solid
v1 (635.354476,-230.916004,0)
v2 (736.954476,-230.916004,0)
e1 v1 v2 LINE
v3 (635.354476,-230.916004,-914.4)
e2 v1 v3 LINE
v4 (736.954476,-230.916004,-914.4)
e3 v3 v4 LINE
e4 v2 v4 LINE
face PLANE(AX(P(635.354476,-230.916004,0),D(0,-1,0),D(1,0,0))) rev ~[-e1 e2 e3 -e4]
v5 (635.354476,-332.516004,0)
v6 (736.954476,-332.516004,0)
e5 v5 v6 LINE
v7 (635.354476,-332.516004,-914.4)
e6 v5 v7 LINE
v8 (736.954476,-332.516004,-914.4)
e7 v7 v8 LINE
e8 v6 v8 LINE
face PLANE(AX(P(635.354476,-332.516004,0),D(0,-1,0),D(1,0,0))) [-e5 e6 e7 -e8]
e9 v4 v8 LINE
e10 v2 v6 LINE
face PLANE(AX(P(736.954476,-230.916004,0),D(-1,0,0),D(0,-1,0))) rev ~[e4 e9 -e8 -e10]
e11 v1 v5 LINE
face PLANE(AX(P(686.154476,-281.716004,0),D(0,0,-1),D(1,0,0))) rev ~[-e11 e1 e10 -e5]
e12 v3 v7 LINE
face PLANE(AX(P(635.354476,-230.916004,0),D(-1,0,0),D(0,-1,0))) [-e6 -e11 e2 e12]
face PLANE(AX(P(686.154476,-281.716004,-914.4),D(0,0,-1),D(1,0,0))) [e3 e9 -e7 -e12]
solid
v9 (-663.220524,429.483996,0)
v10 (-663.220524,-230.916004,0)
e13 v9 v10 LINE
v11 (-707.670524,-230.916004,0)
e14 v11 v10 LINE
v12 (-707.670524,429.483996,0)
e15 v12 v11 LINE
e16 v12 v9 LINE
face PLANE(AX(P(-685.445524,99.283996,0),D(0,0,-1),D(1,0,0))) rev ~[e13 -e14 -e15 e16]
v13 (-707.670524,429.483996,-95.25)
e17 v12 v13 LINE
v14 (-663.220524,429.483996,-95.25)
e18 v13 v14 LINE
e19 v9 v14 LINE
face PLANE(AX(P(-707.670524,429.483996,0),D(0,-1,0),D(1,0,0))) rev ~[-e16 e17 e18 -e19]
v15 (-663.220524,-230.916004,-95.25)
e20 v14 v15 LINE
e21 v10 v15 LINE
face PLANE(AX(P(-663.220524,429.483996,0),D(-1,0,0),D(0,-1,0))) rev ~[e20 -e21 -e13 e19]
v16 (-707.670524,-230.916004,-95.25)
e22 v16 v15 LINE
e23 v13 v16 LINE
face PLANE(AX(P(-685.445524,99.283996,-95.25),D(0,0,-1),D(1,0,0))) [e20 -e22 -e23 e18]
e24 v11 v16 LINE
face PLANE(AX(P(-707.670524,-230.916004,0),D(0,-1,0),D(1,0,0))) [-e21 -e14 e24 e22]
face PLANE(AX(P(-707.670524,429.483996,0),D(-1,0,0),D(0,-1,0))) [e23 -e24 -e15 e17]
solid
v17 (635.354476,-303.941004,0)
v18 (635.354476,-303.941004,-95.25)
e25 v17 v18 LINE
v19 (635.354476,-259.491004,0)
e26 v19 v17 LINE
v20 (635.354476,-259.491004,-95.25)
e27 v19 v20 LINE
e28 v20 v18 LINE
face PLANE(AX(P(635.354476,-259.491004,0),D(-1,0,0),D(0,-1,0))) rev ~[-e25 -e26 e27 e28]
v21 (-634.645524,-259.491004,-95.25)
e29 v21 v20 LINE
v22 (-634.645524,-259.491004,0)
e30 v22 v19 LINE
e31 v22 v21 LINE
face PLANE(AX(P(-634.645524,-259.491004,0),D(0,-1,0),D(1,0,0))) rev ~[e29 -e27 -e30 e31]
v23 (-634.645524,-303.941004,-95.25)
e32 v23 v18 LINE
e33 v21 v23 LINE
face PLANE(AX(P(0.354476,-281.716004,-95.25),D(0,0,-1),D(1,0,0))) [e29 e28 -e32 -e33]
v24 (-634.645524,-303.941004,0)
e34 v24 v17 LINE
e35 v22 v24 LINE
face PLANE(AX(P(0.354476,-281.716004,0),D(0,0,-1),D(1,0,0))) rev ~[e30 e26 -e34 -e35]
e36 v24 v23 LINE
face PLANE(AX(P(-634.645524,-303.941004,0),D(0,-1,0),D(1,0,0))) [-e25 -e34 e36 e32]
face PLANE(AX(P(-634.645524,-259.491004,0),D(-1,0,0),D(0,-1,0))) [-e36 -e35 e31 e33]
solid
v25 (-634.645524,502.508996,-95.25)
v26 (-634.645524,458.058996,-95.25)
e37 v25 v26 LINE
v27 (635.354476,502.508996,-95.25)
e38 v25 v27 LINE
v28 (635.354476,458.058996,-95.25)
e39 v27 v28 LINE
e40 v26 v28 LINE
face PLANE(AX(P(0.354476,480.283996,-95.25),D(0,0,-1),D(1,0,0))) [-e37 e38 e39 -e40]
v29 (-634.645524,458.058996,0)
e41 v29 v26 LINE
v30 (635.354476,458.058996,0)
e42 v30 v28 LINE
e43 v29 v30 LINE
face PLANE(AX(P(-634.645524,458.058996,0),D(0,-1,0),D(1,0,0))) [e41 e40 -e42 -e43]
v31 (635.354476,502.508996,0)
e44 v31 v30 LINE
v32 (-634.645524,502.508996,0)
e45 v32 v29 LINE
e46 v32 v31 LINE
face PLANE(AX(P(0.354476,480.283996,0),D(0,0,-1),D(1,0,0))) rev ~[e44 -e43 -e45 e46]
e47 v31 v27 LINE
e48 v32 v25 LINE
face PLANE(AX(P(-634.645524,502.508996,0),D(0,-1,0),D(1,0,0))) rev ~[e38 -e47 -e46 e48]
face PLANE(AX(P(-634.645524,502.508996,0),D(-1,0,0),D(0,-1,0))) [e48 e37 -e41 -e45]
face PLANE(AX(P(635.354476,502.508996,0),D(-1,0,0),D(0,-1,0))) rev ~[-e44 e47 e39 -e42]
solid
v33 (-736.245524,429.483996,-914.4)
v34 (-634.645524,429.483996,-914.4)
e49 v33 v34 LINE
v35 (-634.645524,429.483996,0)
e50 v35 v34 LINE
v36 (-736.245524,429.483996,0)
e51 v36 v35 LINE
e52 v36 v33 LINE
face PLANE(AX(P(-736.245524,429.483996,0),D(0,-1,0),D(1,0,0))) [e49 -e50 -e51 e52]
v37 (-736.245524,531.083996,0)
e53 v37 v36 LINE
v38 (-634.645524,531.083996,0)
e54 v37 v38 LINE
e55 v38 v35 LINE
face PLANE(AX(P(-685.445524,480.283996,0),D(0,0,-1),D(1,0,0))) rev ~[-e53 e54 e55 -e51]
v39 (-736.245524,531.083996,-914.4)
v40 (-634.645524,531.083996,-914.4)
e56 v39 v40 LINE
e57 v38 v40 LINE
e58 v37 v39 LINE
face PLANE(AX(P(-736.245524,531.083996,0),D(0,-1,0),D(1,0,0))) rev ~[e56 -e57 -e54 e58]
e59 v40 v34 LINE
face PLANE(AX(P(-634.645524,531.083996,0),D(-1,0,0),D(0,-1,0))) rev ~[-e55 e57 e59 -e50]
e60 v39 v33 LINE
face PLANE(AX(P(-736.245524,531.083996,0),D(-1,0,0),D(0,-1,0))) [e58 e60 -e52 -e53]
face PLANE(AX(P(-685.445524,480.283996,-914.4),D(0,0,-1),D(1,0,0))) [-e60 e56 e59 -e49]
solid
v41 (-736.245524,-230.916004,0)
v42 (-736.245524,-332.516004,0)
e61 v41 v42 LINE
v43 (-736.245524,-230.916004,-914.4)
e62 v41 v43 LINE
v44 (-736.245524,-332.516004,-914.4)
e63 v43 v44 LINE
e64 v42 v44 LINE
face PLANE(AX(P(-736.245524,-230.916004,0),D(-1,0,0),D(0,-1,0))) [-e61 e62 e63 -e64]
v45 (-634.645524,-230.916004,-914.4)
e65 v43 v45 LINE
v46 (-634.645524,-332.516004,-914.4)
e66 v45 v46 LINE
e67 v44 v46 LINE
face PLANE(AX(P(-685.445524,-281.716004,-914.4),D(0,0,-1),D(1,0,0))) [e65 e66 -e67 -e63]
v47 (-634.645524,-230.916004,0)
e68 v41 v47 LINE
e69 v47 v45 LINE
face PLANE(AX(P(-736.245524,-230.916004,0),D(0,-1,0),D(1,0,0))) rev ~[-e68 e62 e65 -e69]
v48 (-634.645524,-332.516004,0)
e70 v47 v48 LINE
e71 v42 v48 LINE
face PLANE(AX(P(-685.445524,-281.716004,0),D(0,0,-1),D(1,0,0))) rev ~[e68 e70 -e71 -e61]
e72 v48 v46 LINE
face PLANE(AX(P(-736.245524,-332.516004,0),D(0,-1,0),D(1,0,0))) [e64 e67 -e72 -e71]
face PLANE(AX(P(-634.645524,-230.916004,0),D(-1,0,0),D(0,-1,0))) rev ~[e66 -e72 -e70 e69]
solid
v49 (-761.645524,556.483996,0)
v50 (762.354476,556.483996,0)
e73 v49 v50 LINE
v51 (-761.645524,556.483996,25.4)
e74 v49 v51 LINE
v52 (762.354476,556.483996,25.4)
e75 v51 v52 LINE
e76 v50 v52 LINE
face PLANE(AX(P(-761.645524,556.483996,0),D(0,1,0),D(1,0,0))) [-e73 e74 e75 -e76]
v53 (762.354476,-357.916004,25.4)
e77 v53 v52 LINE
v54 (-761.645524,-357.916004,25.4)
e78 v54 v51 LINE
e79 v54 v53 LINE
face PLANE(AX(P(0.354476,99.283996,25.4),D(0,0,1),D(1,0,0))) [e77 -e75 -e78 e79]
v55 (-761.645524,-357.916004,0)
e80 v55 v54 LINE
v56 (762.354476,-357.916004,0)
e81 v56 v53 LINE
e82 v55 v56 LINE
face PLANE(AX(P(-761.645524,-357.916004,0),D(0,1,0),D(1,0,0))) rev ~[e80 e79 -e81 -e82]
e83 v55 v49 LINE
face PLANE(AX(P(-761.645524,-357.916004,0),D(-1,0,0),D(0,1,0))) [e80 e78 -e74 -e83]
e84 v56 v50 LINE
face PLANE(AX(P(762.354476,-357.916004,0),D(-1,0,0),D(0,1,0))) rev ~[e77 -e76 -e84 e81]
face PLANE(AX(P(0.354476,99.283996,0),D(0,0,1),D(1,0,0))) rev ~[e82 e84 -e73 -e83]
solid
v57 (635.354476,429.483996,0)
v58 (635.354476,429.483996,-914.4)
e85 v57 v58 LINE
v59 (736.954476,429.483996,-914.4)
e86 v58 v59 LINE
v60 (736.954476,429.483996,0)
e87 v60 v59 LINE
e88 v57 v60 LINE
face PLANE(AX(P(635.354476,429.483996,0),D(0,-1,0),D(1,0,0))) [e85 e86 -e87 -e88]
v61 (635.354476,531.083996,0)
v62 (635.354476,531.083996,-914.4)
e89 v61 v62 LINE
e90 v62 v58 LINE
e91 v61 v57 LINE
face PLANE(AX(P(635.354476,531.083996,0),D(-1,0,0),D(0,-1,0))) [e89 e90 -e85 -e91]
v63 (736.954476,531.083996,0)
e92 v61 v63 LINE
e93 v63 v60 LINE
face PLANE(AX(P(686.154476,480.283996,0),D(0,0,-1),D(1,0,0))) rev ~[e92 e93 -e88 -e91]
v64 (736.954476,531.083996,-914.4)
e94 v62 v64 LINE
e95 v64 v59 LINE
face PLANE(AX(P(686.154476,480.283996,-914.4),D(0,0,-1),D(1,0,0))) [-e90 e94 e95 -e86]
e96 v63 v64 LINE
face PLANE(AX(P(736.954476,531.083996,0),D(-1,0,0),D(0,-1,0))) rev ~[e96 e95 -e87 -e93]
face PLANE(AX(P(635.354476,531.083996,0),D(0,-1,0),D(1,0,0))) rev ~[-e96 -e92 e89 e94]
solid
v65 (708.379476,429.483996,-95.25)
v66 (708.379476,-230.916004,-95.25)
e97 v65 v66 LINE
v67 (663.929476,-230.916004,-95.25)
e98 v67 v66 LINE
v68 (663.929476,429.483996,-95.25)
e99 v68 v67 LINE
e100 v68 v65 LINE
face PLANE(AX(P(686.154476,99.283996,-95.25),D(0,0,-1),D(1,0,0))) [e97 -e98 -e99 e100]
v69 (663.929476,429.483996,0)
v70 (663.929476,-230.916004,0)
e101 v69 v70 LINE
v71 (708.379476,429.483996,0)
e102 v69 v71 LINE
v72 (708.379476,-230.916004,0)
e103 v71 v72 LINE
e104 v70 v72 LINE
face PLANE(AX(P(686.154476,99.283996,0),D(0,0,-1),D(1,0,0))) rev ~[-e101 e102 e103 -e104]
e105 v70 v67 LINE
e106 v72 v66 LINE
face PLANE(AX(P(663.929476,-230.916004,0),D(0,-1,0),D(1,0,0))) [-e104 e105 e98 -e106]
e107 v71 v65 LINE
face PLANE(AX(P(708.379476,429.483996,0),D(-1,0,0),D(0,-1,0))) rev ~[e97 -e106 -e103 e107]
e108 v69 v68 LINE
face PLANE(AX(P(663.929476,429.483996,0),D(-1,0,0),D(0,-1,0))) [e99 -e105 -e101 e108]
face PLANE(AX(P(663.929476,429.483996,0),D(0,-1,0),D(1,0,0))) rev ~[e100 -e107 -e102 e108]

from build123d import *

# Parameters (mm, degrees)
F0_W     = 1524
F0_H     = 914.4
F1_DEPTH = 25.4
F2_W     = 101.6
F2_H     = 101.6
F3_DEPTH = 914.4
F4_W     = 1270
F4_H     = 44.45
F4_W_2   = 44.45
F4_H_2   = 660.4
F5_DEPTH = 95.25


with BuildPart() as f1:
    # F0 (on Top) → F1 (new body)
    with BuildSketch(Plane.XY):
        with Locations((0.354476, 99.283996)):
            Rectangle(F0_W, F0_H)
    extrude(amount=F1_DEPTH)


with BuildPart() as f3:
    # F2 (on face) → F3 (new body)
    with BuildSketch(Plane(origin=(0, 0, 0), x_dir=(1, 0, 0), z_dir=(0, 0, -1))):
        with Locations((-685.445524, 281.716004)):
            Rectangle(F2_W, F2_H)
        with Locations((-685.445524, -480.283996)):
            Rectangle(F2_W, F2_H)
        with Locations((686.154476, -480.283996)):
            Rectangle(F2_W, F2_H)
        with Locations((686.154476, 281.716004)):
            Rectangle(F2_W, F2_H)
    extrude(amount=F3_DEPTH)


with BuildPart() as f5:
    # F4 (on face) → F5 (new body)
    with BuildSketch(Plane(origin=(0, 0, 0), x_dir=(1, 0, 0), z_dir=(0, 0, -1))):
        with Locations((0.354476, 281.716004)):
            Rectangle(F4_W, F4_H)
        with Locations((686.154476, -99.283996)):
            Rectangle(F4_W_2, F4_H_2)
        with Locations((0.354476, -480.283996)):
            Rectangle(F4_W, F4_H)
        with Locations((-685.445524, -99.283996)):
            Rectangle(F4_W_2, F4_H_2)
    extrude(amount=F5_DEPTH)


solid = Compound([f1.part, f3.part, f5.part])
